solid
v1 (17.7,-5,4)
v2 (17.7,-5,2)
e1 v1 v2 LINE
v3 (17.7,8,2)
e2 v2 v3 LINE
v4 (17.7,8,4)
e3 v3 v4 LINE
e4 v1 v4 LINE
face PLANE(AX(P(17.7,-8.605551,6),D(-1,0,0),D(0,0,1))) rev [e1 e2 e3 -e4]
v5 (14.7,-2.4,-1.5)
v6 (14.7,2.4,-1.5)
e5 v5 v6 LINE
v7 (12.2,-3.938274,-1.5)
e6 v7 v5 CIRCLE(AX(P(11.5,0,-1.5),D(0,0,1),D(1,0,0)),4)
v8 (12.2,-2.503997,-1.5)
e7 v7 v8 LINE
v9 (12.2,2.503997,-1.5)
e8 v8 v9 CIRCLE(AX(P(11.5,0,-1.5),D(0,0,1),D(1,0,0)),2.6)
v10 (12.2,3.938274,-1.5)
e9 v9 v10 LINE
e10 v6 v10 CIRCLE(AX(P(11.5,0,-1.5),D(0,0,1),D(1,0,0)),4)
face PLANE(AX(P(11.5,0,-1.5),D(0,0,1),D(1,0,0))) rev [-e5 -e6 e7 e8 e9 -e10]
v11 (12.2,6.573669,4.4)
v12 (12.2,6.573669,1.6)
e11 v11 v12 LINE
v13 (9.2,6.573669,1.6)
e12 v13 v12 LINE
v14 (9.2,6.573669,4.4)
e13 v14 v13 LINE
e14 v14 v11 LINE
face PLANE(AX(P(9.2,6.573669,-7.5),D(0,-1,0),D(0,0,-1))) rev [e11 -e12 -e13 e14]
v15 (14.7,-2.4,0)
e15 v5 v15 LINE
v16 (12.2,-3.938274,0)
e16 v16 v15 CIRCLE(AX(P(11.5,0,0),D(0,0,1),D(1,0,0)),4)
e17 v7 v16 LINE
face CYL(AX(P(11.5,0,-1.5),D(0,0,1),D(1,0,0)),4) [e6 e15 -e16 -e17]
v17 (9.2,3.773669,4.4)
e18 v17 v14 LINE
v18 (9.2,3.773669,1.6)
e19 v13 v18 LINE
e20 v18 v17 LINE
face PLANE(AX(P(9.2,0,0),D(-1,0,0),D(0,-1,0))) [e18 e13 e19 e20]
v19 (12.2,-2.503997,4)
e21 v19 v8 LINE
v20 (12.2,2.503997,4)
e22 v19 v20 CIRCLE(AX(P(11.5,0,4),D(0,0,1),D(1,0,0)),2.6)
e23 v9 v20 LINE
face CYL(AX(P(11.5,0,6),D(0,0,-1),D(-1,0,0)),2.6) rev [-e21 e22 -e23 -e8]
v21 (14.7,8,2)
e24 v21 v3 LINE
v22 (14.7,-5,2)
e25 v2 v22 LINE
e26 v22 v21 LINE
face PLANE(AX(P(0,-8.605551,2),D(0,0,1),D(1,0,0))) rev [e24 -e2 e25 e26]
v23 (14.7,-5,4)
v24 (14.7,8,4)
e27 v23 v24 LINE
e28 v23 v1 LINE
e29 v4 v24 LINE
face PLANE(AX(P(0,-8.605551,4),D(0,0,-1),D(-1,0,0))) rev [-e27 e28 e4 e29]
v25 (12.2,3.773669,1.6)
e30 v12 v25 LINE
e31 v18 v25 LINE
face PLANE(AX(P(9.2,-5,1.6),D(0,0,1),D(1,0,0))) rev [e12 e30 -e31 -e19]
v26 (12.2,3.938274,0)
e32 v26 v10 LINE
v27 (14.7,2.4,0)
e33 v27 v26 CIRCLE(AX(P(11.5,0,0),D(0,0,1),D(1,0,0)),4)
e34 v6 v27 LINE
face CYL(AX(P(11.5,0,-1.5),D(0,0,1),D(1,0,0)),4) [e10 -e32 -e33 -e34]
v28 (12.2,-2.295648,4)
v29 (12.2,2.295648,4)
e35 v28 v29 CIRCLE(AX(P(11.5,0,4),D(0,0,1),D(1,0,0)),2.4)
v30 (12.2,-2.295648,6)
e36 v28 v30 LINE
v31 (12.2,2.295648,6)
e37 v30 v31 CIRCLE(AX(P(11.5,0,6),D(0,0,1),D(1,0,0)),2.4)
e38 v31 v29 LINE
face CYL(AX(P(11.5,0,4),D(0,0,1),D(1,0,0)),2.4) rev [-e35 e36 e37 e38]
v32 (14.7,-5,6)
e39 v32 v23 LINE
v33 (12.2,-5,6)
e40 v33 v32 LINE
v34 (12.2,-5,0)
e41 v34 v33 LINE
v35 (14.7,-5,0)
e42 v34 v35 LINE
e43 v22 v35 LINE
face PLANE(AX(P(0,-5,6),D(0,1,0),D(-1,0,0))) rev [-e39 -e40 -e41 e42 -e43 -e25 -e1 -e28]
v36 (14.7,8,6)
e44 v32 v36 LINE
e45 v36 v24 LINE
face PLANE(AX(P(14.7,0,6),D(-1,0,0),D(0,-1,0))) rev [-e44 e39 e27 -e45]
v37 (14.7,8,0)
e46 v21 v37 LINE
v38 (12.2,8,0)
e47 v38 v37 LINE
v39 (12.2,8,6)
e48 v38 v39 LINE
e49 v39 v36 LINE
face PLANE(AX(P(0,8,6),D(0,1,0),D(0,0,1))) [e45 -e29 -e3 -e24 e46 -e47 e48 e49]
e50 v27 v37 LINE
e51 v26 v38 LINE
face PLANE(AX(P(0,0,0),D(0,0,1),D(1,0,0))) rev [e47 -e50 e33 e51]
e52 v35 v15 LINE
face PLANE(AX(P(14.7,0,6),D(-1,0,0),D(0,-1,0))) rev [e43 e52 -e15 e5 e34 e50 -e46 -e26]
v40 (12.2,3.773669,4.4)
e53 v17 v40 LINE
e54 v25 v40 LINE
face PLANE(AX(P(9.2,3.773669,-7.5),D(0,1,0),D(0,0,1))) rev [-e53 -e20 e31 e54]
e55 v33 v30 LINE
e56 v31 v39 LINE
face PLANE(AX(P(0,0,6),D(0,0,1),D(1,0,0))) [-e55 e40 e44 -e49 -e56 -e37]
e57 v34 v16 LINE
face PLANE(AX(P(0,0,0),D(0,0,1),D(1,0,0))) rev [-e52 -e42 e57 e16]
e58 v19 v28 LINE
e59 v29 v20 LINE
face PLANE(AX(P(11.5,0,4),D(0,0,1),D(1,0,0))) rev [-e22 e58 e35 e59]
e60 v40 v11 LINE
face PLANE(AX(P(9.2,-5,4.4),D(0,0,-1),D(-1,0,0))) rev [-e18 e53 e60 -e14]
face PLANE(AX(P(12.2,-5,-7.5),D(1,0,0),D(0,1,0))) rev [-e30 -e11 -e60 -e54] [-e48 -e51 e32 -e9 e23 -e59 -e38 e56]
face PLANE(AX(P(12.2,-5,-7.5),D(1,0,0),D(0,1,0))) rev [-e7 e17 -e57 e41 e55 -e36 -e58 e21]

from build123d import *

# Parameters (mm, degrees)
SKETCH1_R            = 1
BOSS_EXTRUDE1_DEPTH  = 6
SKETCH2_R            = 2.6
CUT_EXTRUDE1_DEPTH   = 6
SKETCH3_W            = 7.6
SKETCH3_H            = 13
BOSS_EXTRUDE2_DEPTH  = 6
BOSS_EXTRUDE5_START  = -5
SKETCH6_W            = 3
SKETCH6_H            = 2
BOSS_EXTRUDE5_DEPTH  = 13
BOSS_EXTRUDE6_START  = -7.5
SKETCH10_R           = 4
SKETCH10_R_2         = 2.6
BOSS_EXTRUDE6_DEPTH  = 1.5
BOSS_EXTRUDE7_START  = -6
SKETCH12_R           = 2.6
SKETCH12_R_2         = 2.4
BOSS_EXTRUDE7_DEPTH  = 2
CUT_EXTRUDE2_DEPTH   = 7
SKETCH14_W           = 3
SKETCH14_H           = 6
CUT_EXTRUDE3_DEPTH   = 2
SKETCH15_W           = 0.2
SKETCH15_H           = 13
CUT_EXTRUDE5_DEPTH   = 7.5
SKETCH16_W           = 3
SKETCH16_H           = 3
CUT_EXTRUDE6_DEPTH   = 3
SKETCH17_W           = 2.8
SKETCH17_H           = 2.8
BOSS_EXTRUDE9_DEPTH  = 3
BOSS_EXTRUDE10_START = 24.4
SKETCH17_2_W         = 2.8
SKETCH17_2_H         = 2.8
BOSS_EXTRUDE10_DEPTH = 3
SKETCH18_W           = 37.3
SKETCH18_H           = 13
CUT_EXTRUDE11_DEPTH  = 9
SKETCH20_W           = 2.8
SKETCH20_H           = 2.8
BOSS_EXTRUDE11_DEPTH = 3


with BuildPart() as part:
    # Sketch1 → Boss-Extrude1 (new body)
    with BuildSketch(Plane.XY):
        with BuildLine():
            ThreePointArc((3.75, -5), (4.47902769, -4.358991965), (5.1, -3.61282438))
            Line((5.1, -3.61282438), (5.1, 3.61282438))
            ThreePointArc((5.1, 3.61282438), (0, 6.25), (-5.1, 3.61282438))
            Line((-5.1, 3.61282438), (-5.1, -3.61282438))
            ThreePointArc((-5.1, -3.61282438), (-4.47902769, -4.358991965), (-3.75, -5))
            Line((-3.75, -5), (-14.7, -5))
            Line((-14.7, -5), (-14.7, 8))
            Line((-14.7, 8), (14.7, 8))
            Line((14.7, 8), (14.7, -5))
            Line((14.7, -5), (3.75, -5))
        make_face()
        with Locations((11.5, 0)):
            Circle(SKETCH1_R, mode=Mode.SUBTRACT)
        with Locations((-11.5, 0)):
            Circle(SKETCH1_R, mode=Mode.SUBTRACT)
    extrude(amount=BOSS_EXTRUDE1_DEPTH)

    # Sketch2 → Cut-Extrude1 (cut)
    with BuildSketch(Plane.XY):
        with Locations((-11.5, 0)):
            Circle(SKETCH2_R)
        with Locations((11.5, 0)):
            Circle(SKETCH2_R)
    extrude(amount=CUT_EXTRUDE1_DEPTH, mode=Mode.SUBTRACT)

    # Sketch3 → Boss-Extrude2 (add)
    with BuildSketch(Plane.XY):
        with Locations((-18.5, 1.5)):
            Rectangle(SKETCH3_W, SKETCH3_H)
    extrude(amount=BOSS_EXTRUDE2_DEPTH)

    # Sketch6 → Boss-Extrude5 (add)
    with BuildSketch(Plane(origin=(0, 0, 0), x_dir=(1, 0, 0), z_dir=(0, 1, 0)).offset(BOSS_EXTRUDE5_START)):
        with Locations((-23.8, -3)):
            Rectangle(SKETCH6_W, SKETCH6_H)
        with Locations((16.2, -3)):
            Rectangle(SKETCH6_W, SKETCH6_H)
    extrude(amount=BOSS_EXTRUDE5_DEPTH)

    # Sketch10 → Boss-Extrude6 (add)
    with BuildSketch(Plane.XY.offset(6).offset(BOSS_EXTRUDE6_START)):
        with Locations((-11.5, 0)):
            Circle(SKETCH10_R)
        with Locations((-11.5, 0)):
            Circle(SKETCH10_R_2, mode=Mode.SUBTRACT)
        with BuildLine():
            Line((14.7, 2.4), (14.7, -2.4))
            ThreePointArc((14.7, -2.4), (7.5, 0), (14.7, 2.4))
        make_face()
        with Locations((11.5, 0)):
            Circle(SKETCH10_R_2, mode=Mode.SUBTRACT)
    extrude(amount=BOSS_EXTRUDE6_DEPTH)

    # Sketch12 → Boss-Extrude7 (add)
    with BuildSketch(Plane(origin=(0, 0, 0), x_dir=(-1, 0, 0), z_dir=(0, 0, -1)).offset(BOSS_EXTRUDE7_START)):
        with Locations((11.5, 0)):
            Circle(SKETCH12_R)
        with Locations((11.5, 0)):
            Circle(SKETCH12_R_2, mode=Mode.SUBTRACT)
        with Locations((-11.5, 0)):
            Circle(SKETCH12_R)
        with Locations((-11.5, 0)):
            Circle(SKETCH12_R_2, mode=Mode.SUBTRACT)
    extrude(amount=BOSS_EXTRUDE7_DEPTH)

    # Sketch13 → Cut-Extrude2 (cut)
    with BuildSketch(Plane.XZ.offset(5)):
        Polygon((-22.3, 0), (-16.3, 0), (-16.3, 2), (-17.8, 2), (-17.8, 6), (-20.8, 6), (-20.8, 2), (-22.3, 2), align=None)
    extrude(amount=-CUT_EXTRUDE2_DEPTH, mode=Mode.SUBTRACT)

    # Sketch14 → Cut-Extrude3 (cut)
    with BuildSketch(Plane(origin=(0, 0, 0), x_dir=(-1, 0, 0), z_dir=(0, 0, -1))):
        with Locations((19.3, 5)):
            Rectangle(SKETCH14_W, SKETCH14_H)
    extrude(amount=-CUT_EXTRUDE3_DEPTH, mode=Mode.SUBTRACT)

    # Sketch15 → Cut-Extrude5 (cut, symmetric)
    with BuildSketch(Plane.XY):
        with Locations((-12.1, 1.5)):
            Rectangle(SKETCH15_W, SKETCH15_H)
        with Locations((12.1, 1.5)):
            Rectangle(SKETCH15_W, SKETCH15_H)
    extrude(amount=CUT_EXTRUDE5_DEPTH, both=True, mode=Mode.SUBTRACT)

    # Sketch16 → Cut-Extrude6 (cut)
    with BuildSketch(Plane(origin=(12, 0, 0), x_dir=(0, 0, -1), z_dir=(1, 0, 0))):
        with Locations((-3, 5.173669459)):
            Rectangle(SKETCH16_W, SKETCH16_H)
    cut_extrude6 = extrude(amount=-CUT_EXTRUDE6_DEPTH, mode=Mode.SUBTRACT)

    # Mirror1: Cut-Extrude6 across plane
    add(cut_extrude6.mirror(Plane(origin=(0, 0, 0), x_dir=(0, 0, 1), z_dir=(1, 0, 0))), mode=Mode.SUBTRACT)

    # Sketch17 → Boss-Extrude9 (add)
    with BuildSketch(Plane(origin=(-12.2, 0, 0), x_dir=(0, 0, -1), z_dir=(1, 0, 0))):
        with Locations((-3, 5.173669459)):
            Rectangle(SKETCH17_W, SKETCH17_H)
    extrude(amount=BOSS_EXTRUDE9_DEPTH)

    # Sketch17<2> → Boss-Extrude10 (add)
    with BuildSketch(Plane(origin=(-12.2, 0, 0), x_dir=(0, 0, -1), z_dir=(1, 0, 0)).offset(BOSS_EXTRUDE10_START)):
        with Locations((-3, 5.173669459)):
            Rectangle(SKETCH17_2_W, SKETCH17_2_H)
    extrude(amount=-BOSS_EXTRUDE10_DEPTH)

    # Sketch18 → Cut-Extrude11 (cut, symmetric)
    with BuildSketch(Plane.XY):
        with Locations((-6.65, 1.5)):
            Rectangle(SKETCH18_W, SKETCH18_H)
    extrude(amount=CUT_EXTRUDE11_DEPTH, both=True, mode=Mode.SUBTRACT)

    # Sketch20 → Boss-Extrude11 (add)
    with BuildSketch(Plane.ZY.offset(-12.2)):
        with Locations((3, 5.173669459)):
            Rectangle(SKETCH20_W, SKETCH20_H)
    extrude(amount=BOSS_EXTRUDE11_DEPTH)


solid = part.part
